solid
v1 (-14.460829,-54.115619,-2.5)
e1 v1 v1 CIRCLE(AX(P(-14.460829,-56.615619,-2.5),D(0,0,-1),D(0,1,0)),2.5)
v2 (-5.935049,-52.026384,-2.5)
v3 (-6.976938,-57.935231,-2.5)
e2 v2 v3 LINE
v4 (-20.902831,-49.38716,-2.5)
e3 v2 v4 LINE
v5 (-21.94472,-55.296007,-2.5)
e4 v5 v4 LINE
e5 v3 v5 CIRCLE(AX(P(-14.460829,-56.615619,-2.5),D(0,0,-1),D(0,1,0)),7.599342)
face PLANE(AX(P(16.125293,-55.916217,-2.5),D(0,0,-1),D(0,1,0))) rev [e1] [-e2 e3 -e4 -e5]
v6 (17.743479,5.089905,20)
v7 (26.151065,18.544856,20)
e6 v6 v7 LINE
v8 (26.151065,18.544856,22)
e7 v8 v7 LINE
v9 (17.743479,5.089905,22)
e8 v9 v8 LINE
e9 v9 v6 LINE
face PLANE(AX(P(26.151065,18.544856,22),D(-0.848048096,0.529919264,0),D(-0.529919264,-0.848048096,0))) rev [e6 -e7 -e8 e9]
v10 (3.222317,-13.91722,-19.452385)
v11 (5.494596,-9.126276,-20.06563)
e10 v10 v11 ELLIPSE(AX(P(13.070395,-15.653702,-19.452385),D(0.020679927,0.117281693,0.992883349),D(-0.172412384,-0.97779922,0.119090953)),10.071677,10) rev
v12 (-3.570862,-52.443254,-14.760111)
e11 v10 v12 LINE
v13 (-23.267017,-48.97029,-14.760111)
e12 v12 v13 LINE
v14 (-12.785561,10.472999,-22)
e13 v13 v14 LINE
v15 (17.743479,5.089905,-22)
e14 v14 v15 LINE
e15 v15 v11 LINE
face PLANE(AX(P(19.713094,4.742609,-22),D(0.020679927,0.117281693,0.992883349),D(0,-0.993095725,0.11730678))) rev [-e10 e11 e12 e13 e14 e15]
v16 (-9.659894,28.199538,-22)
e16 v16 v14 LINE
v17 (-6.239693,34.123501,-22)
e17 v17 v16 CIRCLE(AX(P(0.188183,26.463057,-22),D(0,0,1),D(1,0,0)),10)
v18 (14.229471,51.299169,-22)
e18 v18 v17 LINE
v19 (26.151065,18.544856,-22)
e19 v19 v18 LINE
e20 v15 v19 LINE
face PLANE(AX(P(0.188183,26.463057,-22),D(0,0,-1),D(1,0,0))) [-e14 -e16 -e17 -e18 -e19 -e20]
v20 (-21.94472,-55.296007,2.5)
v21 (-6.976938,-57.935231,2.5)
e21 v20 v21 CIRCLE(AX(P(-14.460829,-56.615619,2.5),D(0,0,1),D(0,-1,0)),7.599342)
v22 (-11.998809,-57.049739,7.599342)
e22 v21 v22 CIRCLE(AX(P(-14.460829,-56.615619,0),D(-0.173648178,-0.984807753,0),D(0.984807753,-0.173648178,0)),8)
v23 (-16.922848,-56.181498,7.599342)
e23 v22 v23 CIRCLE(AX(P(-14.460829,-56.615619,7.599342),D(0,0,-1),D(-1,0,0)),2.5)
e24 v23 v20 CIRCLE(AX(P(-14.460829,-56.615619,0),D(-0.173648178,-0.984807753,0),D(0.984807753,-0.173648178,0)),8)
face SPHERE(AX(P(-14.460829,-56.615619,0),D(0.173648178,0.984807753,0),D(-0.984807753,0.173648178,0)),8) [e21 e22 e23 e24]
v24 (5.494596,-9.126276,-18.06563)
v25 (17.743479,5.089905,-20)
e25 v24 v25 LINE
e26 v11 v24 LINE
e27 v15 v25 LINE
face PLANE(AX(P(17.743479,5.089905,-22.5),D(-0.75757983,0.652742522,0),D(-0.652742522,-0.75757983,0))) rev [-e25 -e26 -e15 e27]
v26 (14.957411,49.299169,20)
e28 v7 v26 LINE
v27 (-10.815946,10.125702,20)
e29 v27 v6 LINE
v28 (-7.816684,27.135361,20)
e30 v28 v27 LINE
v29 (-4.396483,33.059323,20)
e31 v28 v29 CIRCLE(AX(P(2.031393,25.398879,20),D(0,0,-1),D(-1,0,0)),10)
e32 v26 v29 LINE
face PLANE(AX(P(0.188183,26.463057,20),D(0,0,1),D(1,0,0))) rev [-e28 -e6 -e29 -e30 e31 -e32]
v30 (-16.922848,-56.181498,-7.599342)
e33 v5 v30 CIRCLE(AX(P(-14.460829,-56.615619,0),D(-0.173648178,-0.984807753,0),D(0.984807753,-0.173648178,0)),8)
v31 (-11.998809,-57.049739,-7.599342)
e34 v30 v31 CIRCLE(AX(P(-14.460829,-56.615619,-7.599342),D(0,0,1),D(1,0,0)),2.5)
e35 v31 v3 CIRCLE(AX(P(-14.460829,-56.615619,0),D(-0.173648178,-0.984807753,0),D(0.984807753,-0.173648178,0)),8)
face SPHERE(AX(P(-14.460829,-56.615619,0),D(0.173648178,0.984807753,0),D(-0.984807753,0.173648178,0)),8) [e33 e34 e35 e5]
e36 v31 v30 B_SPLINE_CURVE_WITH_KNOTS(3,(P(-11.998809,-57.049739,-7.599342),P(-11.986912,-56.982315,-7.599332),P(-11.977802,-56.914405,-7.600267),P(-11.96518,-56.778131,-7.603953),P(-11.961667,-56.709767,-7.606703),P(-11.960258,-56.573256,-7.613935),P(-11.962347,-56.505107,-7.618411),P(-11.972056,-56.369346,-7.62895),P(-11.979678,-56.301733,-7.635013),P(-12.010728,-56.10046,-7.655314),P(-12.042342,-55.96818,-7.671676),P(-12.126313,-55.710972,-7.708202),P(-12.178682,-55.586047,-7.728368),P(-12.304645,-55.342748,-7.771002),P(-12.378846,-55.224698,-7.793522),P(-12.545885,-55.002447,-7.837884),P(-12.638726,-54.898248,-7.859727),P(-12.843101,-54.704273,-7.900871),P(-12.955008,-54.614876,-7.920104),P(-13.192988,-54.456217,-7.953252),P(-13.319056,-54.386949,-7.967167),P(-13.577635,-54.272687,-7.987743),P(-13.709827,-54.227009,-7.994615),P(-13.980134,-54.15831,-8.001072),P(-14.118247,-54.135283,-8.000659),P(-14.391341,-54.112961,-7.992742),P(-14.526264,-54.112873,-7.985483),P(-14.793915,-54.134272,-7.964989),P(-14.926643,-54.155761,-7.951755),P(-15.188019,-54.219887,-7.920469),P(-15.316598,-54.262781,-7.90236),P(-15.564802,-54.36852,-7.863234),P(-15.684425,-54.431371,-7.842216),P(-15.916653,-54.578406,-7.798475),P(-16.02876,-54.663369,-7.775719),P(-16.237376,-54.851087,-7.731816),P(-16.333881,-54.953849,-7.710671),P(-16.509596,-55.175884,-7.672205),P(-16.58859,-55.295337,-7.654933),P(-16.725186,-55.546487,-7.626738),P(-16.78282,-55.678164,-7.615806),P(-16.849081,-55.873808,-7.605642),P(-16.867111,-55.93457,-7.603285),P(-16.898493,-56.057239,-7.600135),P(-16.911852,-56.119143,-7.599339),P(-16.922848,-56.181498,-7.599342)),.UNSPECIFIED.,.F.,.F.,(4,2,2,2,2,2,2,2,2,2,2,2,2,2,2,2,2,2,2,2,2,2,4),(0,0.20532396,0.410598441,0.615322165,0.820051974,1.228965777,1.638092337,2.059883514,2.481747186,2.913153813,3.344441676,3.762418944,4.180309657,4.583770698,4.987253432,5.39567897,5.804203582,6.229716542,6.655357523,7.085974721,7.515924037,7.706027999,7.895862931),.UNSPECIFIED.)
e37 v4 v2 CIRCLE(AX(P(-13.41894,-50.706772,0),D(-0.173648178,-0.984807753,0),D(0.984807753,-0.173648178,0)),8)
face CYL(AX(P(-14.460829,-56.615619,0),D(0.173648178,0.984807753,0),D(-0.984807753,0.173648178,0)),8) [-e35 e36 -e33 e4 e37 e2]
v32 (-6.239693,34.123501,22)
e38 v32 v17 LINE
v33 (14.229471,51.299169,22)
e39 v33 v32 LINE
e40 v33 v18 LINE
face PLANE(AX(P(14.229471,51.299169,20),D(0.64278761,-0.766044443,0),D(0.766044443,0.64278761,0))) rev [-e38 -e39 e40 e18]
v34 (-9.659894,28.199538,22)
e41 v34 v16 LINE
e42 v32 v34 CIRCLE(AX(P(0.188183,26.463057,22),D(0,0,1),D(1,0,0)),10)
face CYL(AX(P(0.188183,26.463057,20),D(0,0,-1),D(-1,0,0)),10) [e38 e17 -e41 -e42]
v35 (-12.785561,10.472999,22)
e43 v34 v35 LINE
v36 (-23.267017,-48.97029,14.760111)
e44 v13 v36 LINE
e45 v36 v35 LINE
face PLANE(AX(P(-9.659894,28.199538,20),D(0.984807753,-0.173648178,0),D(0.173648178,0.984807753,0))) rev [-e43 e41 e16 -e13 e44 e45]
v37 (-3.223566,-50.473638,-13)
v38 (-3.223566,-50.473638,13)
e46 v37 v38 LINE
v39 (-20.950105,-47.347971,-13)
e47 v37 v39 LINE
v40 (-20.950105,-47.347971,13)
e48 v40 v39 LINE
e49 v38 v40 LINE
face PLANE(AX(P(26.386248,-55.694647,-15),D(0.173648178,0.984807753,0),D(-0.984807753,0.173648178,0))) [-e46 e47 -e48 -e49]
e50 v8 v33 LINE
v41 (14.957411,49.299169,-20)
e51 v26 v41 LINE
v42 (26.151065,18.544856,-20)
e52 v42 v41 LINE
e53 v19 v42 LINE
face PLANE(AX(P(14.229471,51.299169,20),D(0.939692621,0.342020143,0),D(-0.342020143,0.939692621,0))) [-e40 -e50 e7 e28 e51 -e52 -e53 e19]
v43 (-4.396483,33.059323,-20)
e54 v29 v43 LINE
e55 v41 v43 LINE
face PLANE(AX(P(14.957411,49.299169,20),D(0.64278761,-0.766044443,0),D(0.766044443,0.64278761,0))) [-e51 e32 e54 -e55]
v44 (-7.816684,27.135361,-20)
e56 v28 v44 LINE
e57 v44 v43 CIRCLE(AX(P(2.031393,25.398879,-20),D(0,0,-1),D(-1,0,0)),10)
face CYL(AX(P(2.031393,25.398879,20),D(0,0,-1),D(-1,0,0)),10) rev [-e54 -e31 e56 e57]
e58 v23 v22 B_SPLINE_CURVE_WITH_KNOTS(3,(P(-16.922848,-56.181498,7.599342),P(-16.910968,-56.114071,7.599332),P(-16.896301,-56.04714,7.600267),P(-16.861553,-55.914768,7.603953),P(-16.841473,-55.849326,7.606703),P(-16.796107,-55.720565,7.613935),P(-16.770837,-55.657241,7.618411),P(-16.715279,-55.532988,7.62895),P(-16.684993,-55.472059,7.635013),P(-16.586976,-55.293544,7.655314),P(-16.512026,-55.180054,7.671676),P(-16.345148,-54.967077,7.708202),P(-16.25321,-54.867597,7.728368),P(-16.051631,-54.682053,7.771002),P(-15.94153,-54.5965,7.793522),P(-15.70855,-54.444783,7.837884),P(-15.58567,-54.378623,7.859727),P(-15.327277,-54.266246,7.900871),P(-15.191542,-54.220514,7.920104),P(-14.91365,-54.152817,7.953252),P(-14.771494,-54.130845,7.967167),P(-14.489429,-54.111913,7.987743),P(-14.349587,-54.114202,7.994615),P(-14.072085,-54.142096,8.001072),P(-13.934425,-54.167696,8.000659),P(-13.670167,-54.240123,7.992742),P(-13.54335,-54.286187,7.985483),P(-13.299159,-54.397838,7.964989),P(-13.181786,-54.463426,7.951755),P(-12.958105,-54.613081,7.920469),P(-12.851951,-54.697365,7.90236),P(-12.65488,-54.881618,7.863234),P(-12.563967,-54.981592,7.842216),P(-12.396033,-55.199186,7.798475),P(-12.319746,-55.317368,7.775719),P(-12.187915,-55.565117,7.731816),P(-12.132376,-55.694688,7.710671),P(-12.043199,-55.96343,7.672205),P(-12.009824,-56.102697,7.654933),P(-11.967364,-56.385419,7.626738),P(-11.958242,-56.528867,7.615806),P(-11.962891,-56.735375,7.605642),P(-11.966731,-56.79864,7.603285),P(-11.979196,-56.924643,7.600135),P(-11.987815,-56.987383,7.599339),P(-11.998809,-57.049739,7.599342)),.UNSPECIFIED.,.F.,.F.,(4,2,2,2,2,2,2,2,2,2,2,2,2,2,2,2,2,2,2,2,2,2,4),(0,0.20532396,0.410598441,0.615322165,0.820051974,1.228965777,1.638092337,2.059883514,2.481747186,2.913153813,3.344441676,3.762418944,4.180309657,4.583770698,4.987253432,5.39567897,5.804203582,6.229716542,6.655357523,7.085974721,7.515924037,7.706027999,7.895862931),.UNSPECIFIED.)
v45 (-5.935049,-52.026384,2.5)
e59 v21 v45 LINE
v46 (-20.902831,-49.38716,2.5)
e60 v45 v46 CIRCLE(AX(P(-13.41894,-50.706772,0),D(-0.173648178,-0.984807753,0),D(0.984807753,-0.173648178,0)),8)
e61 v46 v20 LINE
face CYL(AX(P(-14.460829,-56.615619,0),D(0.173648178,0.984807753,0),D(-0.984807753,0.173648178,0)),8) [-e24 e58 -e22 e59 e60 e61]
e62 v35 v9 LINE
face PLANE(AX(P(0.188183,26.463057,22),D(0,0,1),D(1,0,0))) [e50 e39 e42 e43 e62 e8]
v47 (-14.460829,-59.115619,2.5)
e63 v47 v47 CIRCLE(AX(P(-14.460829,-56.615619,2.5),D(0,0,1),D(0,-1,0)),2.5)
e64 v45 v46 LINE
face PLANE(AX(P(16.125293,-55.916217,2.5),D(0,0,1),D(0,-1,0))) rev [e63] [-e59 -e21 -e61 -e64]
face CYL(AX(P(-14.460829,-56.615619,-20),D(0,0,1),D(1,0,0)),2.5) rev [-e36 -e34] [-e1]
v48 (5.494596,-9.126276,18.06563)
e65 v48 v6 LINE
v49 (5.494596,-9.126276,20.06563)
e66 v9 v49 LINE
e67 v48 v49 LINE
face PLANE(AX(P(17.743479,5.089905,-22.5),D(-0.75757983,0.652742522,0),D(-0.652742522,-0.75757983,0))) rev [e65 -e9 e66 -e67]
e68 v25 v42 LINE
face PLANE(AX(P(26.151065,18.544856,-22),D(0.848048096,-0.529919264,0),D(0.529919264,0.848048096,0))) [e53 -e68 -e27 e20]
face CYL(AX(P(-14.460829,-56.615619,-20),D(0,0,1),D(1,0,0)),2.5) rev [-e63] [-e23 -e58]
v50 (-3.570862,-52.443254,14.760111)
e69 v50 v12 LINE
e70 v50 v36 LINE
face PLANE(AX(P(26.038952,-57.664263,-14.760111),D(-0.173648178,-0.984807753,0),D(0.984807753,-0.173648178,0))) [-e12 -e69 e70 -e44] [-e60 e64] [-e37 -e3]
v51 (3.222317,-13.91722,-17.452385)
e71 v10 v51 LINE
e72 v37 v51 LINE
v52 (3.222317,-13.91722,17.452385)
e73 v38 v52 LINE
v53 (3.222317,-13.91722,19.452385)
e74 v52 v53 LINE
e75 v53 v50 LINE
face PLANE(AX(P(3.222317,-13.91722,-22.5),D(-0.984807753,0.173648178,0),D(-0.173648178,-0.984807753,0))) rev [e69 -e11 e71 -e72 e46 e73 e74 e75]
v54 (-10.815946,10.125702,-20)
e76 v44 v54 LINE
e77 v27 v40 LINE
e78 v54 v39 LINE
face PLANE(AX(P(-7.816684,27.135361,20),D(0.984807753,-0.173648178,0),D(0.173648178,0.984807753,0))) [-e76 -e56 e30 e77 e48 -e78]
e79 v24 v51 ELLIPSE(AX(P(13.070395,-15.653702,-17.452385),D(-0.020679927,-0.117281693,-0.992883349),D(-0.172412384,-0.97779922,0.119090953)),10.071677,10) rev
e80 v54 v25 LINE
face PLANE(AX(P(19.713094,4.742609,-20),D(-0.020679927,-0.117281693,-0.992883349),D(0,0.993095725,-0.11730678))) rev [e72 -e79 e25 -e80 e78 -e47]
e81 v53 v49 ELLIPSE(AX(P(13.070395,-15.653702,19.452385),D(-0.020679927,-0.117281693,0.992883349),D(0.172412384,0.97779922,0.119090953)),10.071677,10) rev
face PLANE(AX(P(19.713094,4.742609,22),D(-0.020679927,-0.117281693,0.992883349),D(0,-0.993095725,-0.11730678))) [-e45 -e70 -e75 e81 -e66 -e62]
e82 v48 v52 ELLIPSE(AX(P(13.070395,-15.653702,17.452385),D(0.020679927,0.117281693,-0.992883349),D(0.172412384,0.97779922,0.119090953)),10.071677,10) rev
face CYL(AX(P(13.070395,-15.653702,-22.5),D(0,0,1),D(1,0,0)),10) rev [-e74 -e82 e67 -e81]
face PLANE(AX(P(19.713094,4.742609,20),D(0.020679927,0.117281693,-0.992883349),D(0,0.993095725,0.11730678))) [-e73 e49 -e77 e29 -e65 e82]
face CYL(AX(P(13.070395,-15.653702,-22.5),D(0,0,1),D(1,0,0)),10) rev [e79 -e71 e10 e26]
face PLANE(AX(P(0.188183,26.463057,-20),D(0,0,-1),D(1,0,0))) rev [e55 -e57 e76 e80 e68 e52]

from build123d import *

# Parameters (mm, degrees)
EXTRUDE_1_DEPTH     = 20
CUT_EXTRUDE_1_DEPTH = 2
EXTRUDE_START       = 2
EXTRUDE_2_DEPTH     = 2
EXTRUDE_3_DEPTH     = 33
CUT_EXTRUDE_4_DEPTH = 22.5
EXTRUDE_5_DEPTH     = 20
SKETCH_11_R         = 8
EXTRUDE_6_DEPTH     = 6
SKETCH_13_W         = 5
SKETCH_13_H         = 22.035528512
CUT_EXTRUDE_5_DEPTH = 40
SKETCH_14_R         = 2.5
CUT_EXTRUDE_6_DEPTH = 20


with BuildPart() as part:
    # 草图1 → 凸台-拉伸1 (new, symmetric)
    with BuildSketch(Plane.XY):
        with BuildLine():
            Line((14.229470778, 51.299168583), (-6.23969278, 34.123500992))
            ThreePointArc((-6.23969278, 34.123500992), (-8.472070721, 31.463056561), (-9.659894213, 28.199538337))
            Line((-9.659894213, 28.199538337), (-22.919720748, -47.000674818))
            Line((-22.919720748, -47.000674818), (-20.950105242, -47.347971173))
            Line((-20.950105242, -47.347971173), (-7.816684243, 27.135360565))
            ThreePointArc((-7.816684243, 27.135360565), (-6.628860751, 30.398878788), (-4.39648281, 33.059323219))
            Line((-4.39648281, 33.059323219), (14.957411246, 49.299168583))
            Line((14.957411246, 49.299168583), (14.229470778, 51.299168583))
        make_face()
    extrude(amount=EXTRUDE_1_DEPTH, both=True)

    # 草图3 → 切除-拉伸1 (cut)
    with BuildSketch(Plane(origin=(-14.191017833, 2.502259328, 0), x_dir=(0, 0, 1), z_dir=(-0.9848077530122074, 0.17364817766693458, 0))):
        Polygon((13, -50.266596698), (20, -50.266596698), (20, 8.093700959), align=None)
    cut_extrude_1 = extrude(amount=-CUT_EXTRUDE_1_DEPTH, mode=Mode.SUBTRACT)

    # 镜向1: 切除-拉伸1 across plane
    add(cut_extrude_1.mirror(Plane.XY), mode=Mode.SUBTRACT)

    # 草图4 → 凸台-拉伸2 (add)
    with BuildSketch(Plane.XY.offset(20).offset(EXTRUDE_START)):
        with BuildLine():
            Line((-12.785561411, 10.472998783), (17.743478932, 5.089905275))
            Line((17.743478932, 5.089905275), (26.15106548, 18.544856334))
            Line((26.15106548, 18.544856334), (14.229470778, 51.299168583))
            Line((14.229470778, 51.299168583), (-6.23969278, 34.123500992))
            ThreePointArc((-6.23969278, 34.123500992), (-8.472070721, 31.463056561), (-9.659894213, 28.199538337))
            Line((-9.659894213, 28.199538337), (-12.785561411, 10.472998783))
        make_face()
    extrude_2 = extrude(amount=-EXTRUDE_2_DEPTH)

    # 草图5 → 凸台-拉伸3 (add)
    with BuildSketch(Plane(origin=(-14.191017833, 2.502259328, 0), x_dir=(0, 0, 1), z_dir=(-0.9848077530122074, 0.17364817766693458, 0))):
        Polygon((22, 8.093700959), (15, -50.266596698), (13, -50.266596698), (20, 8.093700959), align=None)
    extrude_3 = extrude(amount=-EXTRUDE_3_DEPTH)

    # 镜向3: 凸台-拉伸2, 凸台-拉伸3 across plane
    add(extrude_2.mirror(Plane.XY))
    add(extrude_3.mirror(Plane.XY))

    # 草图8 → 切除-拉伸4 (cut, symmetric)
    with BuildSketch(Plane.XY):
        with BuildLine():
            Line((17.743478932, 5.089905275), (5.494596432, -9.126276461))
            ThreePointArc((5.494596432, -9.126276461), (4.035122352, -11.368395051), (3.222317206, -13.917219909))
            Line((3.222317206, -13.917219909), (-3.223565687, -50.473638371))
            Line((-3.223565687, -50.473638371), (21.878971758, -54.899893007))
            Line((21.878971758, -54.899893007), (32.013131095, 2.573780594))
            Line((32.013131095, 2.573780594), (17.743478932, 5.089905275))
        make_face()
    extrude(amount=CUT_EXTRUDE_4_DEPTH, both=True, mode=Mode.SUBTRACT)

    # 草图10 → 凸台-拉伸5 (add)
    with BuildSketch(Plane(origin=(-14.191017833, 2.502259328, 0), x_dir=(0, 0, 1), z_dir=(-0.9848077530122074, 0.17364817766693458, 0))):
        Polygon((-15, -50.266596698), (15, -50.266596698), (14.760110888, -52.266596698), (-14.760110888, -52.266596698), align=None)
    extrude(amount=-EXTRUDE_5_DEPTH)

    # 草图11 → 凸台-拉伸6 (add)
    with BuildSketch(Plane(origin=(-9.075999269, -51.472549652, 0), x_dir=(0.9848077530122074, -0.17364817766693455, 0), z_dir=(-0.17364817766693455, -0.9848077530122074, 0))):
        with Locations(Location((-4.409937158, 0, 0), (0, 0, 180))):
            Circle(SKETCH_11_R)
    extrude(amount=EXTRUDE_6_DEPTH)

    # 草图12 → 旋转1 (revolve)
    with BuildSketch(Plane.XY, mode=Mode.PRIVATE) as revolve_1_sk:
        with BuildLine():
            Line((-14.460828639, -56.615618619), (-6.582366615, -58.00480404))
            ThreePointArc((-6.582366615, -58.00480404), (-9.872217148, -63.168834973), (-15.85001406, -64.494080643))
            Line((-15.85001406, -64.494080643), (-14.460828639, -56.615618619))
        make_face()
    revolve(revolve_1_sk.sketch.rotate(Axis((-14.460828639, -56.615618619, 0), (-0.17364817766693416, -0.9848077530122075, 0)), 180), axis=Axis((-14.460828639, -56.615618619, 0), (-0.17364817766693416, -0.9848077530122075, 0)))

    # 草图13 → 切除-拉伸5 (cut)
    with BuildSketch(Plane(origin=(-14.191017833, 2.502259328, 0), x_dir=(0, 0, 1), z_dir=(-0.9848077530122074, 0.17364817766693458, 0))):
        with Locations((0, -63.284360954)):
            Rectangle(SKETCH_13_W, SKETCH_13_H)
    extrude(amount=-CUT_EXTRUDE_5_DEPTH, mode=Mode.SUBTRACT)

    # 草图14 → 切除-拉伸6 (cut, symmetric)
    with BuildSketch(Plane.XY):
        with Locations(Location((-14.460828639, -56.615618619, 0), (0, 0, 350))):
            Circle(SKETCH_14_R)
    extrude(amount=CUT_EXTRUDE_6_DEPTH, both=True, mode=Mode.SUBTRACT)


solid = part.part
